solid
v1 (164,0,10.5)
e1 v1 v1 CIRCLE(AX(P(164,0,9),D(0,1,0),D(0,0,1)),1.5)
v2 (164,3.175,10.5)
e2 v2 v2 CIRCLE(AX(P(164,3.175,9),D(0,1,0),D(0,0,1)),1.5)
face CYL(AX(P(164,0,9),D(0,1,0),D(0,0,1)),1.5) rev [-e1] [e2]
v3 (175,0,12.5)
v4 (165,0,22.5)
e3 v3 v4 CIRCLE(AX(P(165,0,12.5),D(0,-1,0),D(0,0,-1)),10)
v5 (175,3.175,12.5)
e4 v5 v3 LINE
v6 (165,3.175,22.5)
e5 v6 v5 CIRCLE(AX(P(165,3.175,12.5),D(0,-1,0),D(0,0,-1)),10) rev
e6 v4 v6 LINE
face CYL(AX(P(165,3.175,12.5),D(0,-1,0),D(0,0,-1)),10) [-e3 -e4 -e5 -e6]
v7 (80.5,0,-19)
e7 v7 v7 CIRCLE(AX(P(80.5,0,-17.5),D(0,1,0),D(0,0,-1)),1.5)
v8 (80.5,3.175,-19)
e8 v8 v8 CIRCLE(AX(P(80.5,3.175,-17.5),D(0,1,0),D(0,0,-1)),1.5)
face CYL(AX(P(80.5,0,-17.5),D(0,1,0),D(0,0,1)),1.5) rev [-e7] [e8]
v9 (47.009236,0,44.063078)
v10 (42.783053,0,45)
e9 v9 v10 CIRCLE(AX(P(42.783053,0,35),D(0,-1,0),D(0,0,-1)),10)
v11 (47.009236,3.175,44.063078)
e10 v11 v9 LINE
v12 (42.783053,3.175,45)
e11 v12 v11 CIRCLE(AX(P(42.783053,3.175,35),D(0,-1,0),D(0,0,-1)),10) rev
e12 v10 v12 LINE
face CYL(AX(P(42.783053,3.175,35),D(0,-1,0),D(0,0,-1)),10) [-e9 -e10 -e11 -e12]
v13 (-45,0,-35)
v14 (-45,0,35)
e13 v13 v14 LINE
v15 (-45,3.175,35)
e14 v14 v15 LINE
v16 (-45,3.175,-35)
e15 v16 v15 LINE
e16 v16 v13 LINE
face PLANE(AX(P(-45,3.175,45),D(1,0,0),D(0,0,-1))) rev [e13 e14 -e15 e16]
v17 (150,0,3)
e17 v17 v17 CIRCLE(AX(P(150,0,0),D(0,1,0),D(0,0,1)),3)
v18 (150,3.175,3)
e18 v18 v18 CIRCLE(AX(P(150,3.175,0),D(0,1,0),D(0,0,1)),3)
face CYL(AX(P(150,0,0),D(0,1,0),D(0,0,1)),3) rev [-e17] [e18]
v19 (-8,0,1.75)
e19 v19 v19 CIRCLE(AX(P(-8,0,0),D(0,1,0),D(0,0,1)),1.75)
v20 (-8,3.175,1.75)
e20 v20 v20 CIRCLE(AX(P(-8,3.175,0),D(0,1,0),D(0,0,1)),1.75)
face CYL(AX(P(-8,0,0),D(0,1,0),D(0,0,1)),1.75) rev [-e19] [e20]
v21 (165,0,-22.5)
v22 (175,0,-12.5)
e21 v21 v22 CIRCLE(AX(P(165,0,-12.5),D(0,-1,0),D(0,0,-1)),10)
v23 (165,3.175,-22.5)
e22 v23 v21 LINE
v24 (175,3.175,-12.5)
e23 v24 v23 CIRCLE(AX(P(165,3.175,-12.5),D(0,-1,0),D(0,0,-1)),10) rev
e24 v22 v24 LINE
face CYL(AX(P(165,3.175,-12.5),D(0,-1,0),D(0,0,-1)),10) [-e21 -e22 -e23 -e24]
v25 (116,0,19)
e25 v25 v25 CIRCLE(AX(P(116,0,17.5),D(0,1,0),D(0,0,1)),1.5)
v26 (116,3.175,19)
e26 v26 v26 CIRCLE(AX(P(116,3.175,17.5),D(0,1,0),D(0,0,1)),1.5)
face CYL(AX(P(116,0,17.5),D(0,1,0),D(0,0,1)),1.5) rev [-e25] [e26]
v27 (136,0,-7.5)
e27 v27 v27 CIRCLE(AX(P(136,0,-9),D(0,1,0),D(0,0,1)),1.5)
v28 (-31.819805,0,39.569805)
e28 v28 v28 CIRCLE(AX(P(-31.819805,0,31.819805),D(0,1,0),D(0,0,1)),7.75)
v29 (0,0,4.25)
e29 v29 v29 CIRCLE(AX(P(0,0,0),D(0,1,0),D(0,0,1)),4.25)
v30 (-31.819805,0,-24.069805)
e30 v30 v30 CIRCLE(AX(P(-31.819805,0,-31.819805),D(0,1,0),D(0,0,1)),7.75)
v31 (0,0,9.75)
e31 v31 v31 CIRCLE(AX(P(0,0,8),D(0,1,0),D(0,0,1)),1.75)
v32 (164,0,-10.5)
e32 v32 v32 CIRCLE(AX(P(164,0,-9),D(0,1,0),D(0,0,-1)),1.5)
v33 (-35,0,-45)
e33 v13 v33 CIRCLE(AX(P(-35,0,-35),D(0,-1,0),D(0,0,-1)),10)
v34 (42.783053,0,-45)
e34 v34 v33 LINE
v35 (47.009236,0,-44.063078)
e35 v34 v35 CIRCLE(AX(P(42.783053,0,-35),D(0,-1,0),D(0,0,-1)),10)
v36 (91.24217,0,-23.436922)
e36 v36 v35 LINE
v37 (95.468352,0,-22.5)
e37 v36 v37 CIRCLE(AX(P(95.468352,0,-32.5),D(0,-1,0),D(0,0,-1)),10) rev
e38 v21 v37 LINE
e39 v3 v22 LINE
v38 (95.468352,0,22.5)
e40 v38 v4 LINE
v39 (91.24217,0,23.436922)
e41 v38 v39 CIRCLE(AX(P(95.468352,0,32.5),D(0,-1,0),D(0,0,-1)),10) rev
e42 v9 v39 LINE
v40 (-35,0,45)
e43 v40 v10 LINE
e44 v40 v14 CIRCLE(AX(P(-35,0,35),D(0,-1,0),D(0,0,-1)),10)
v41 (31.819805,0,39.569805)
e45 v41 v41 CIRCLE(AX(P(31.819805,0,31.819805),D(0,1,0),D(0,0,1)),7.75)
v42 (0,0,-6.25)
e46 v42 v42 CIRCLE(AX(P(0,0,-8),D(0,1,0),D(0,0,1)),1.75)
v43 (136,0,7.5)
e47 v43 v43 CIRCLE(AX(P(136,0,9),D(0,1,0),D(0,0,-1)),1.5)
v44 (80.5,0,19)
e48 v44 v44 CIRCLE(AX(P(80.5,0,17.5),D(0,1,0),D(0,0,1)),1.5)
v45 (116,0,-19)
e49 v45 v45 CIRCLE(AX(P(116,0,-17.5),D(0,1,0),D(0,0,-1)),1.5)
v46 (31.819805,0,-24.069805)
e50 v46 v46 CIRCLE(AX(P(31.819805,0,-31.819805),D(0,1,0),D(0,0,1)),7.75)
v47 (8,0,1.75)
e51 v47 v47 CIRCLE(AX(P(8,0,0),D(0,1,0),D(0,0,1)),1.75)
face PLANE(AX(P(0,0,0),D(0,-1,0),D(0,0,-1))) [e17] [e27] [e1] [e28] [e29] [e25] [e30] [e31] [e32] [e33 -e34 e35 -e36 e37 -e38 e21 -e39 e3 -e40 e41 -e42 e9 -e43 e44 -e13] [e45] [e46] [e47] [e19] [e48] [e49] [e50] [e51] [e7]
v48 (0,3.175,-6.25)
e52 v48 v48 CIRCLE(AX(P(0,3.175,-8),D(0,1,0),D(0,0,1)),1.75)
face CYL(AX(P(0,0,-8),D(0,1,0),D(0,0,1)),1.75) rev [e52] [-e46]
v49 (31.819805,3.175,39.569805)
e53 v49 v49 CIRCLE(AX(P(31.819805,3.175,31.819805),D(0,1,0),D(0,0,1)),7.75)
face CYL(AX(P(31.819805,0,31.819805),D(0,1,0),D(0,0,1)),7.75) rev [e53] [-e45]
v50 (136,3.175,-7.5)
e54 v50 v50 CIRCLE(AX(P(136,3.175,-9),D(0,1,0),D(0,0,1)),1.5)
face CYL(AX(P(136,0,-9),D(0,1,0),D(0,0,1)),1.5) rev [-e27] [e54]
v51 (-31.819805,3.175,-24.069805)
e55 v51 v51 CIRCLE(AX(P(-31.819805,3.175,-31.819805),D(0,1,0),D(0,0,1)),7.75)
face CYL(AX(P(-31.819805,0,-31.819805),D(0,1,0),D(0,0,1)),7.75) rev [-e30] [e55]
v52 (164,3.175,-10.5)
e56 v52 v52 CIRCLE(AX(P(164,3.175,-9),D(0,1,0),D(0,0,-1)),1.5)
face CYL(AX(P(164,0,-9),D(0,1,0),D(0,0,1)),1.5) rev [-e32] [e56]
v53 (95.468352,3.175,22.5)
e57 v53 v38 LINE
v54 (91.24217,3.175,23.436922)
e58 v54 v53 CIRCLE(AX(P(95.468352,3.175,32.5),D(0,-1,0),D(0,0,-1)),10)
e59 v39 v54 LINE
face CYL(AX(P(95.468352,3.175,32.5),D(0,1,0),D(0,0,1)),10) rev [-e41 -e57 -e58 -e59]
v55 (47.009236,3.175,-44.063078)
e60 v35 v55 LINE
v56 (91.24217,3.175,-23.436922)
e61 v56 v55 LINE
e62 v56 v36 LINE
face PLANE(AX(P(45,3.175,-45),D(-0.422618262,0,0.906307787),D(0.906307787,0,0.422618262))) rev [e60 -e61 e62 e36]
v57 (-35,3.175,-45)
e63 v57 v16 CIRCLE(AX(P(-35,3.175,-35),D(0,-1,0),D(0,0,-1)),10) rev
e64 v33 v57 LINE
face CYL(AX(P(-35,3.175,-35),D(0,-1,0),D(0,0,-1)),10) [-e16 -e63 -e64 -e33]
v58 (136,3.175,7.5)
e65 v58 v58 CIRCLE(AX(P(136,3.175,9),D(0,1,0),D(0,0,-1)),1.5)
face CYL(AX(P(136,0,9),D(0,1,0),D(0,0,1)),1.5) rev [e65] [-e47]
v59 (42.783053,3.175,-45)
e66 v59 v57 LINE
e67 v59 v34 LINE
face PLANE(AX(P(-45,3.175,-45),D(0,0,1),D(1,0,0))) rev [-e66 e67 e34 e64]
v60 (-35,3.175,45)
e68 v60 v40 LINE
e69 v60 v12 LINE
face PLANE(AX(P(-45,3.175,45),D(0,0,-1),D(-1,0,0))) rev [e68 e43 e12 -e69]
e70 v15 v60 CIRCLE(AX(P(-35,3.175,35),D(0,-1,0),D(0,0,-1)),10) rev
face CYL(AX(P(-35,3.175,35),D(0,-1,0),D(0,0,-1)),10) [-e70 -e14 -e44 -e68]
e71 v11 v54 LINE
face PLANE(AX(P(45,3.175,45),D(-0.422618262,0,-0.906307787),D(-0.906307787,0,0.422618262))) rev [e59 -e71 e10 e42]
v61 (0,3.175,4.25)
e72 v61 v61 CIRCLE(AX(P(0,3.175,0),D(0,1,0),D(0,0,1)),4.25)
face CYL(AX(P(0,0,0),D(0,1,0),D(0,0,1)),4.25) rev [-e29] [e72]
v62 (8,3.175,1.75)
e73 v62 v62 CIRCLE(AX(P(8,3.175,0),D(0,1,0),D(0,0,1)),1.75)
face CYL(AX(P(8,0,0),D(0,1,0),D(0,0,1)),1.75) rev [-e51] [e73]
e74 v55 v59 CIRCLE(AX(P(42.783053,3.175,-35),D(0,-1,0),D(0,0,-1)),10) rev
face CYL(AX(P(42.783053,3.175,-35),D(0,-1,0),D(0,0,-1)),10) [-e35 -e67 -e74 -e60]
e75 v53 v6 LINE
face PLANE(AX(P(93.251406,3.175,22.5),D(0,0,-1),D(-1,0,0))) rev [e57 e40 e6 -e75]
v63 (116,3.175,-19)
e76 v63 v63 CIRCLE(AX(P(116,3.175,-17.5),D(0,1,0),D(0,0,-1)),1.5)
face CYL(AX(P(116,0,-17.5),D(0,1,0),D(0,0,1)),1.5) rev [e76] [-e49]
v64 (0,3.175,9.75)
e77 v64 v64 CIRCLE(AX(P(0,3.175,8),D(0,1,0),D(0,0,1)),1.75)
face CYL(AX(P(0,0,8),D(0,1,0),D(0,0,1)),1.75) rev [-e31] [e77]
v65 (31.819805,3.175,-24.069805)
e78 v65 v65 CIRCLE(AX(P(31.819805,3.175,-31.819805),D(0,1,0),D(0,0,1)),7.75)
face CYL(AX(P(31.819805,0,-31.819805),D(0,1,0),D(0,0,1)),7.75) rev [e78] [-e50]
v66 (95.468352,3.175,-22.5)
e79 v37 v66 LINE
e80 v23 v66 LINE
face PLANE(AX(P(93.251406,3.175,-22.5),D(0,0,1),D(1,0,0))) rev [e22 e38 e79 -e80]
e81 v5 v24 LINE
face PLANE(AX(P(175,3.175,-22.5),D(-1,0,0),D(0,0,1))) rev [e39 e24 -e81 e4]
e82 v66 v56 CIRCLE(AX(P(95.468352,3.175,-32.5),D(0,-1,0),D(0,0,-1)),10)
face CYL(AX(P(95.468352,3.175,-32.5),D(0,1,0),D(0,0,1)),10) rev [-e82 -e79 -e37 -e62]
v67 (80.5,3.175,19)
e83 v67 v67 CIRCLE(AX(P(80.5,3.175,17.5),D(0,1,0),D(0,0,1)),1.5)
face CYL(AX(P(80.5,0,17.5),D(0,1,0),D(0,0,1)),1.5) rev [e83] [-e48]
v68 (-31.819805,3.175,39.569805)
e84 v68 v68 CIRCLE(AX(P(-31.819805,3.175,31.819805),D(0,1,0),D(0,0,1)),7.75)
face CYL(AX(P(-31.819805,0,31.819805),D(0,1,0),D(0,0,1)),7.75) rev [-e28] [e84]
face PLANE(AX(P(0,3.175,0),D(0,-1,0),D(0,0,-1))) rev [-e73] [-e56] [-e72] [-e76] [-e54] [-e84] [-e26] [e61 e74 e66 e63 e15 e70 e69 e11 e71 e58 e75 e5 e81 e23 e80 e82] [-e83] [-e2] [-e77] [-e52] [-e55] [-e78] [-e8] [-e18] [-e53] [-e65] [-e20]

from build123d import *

# Parameters (mm, degrees)
BOSS_EXTRUDE1_DEPTH = 3.175
SKETCH4_R           = 3
SKETCH4_R_2         = 1.5
CUT_EXTRUDE1_DEPTH  = 181.721002169
SKETCH5_R           = 4.25
CUT_EXTRUDE2_DEPTH  = 181.721002169
SKETCH10_R          = 1.5
CUT_EXTRUDE4_DEPTH  = 181.721002169
FILLET1_R           = 10
FILLET2_R           = 10
SKETCH11_R          = 7.75
CUT_EXTRUDE5_DEPTH  = 181.721002169
SKETCH13_R          = 1.75
CUT_EXTRUDE6_DEPTH  = 181.721002169


with BuildPart() as part:
    # Sketch1 → Boss-Extrude1 (new body)
    with BuildSketch(Plane(origin=(0, 0, 0), x_dir=(1, 0, 0), z_dir=(0, 1, 0))):
        Polygon((45, -45), (93.251405711, -22.5), (175, -22.5), (175, 22.5), (93.251405711, 22.5), (45, 45), (-45, 45), (-45, -45), align=None)
    extrude(amount=BOSS_EXTRUDE1_DEPTH)

    # Sketch4 → Cut-Extrude1 (cut, through all)
    with BuildSketch(Plane(origin=(0, 3.175, 0), x_dir=(1, 0, 0), z_dir=(0, 1, 0))):
        with Locations(Location((150, 0, 0), (0, 0, 270))):
            Circle(SKETCH4_R)
        with Locations(Location((136, 9, 0), (0, 0, 270))):
            Circle(SKETCH4_R_2)
        with Locations(Location((164, 9, 0), (0, 0, 90))):
            Circle(SKETCH4_R_2)
        with Locations(Location((164, -9, 0), (0, 0, 270))):
            Circle(SKETCH4_R_2)
        with Locations(Location((136, -9, 0), (0, 0, 90))):
            Circle(SKETCH4_R_2)
    extrude(amount=-CUT_EXTRUDE1_DEPTH, mode=Mode.SUBTRACT)

    # Sketch5 → Cut-Extrude2 (cut, through all)
    with BuildSketch(Plane(origin=(0, 3.175, 0), x_dir=(1, 0, 0), z_dir=(0, 1, 0))):
        with Locations(Location((0, 0, 0), (0, 0, 270))):
            Circle(SKETCH5_R)
    extrude(amount=-CUT_EXTRUDE2_DEPTH, mode=Mode.SUBTRACT)

    # Sketch10 → Cut-Extrude4 (cut, through all)
    with BuildSketch(Plane(origin=(0, 3.175, 0), x_dir=(1, 0, 0), z_dir=(0, 1, 0))):
        with Locations(Location((80.5, -17.5, 0), (0, 0, 270))):
            Circle(SKETCH10_R)
        with Locations(Location((116, -17.5, 0), (0, 0, 270))):
            Circle(SKETCH10_R)
        with Locations(Location((116, 17.5, 0), (0, 0, 90))):
            Circle(SKETCH10_R)
        with Locations(Location((80.5, 17.5, 0), (0, 0, 90))):
            Circle(SKETCH10_R)
    extrude(amount=-CUT_EXTRUDE4_DEPTH, mode=Mode.SUBTRACT)

    # Fillet1
    fillet1_edges = [part.edges().sort_by_distance(p)[0] for p in [
        (-45, 1.5875, 45),
        (-45, 1.5875, -45),
        (175, 1.5875, -22.5),
        (175, 1.5875, 22.5),
    ]]
    fillet(fillet1_edges, radius=FILLET1_R)

    # Fillet2
    fillet2_edges = [part.edges().sort_by_distance(p)[0] for p in [
        (93.251405711, 1.5875, 22.5),
        (45, 1.5875, 45),
        (45, 1.5875, -45),
        (93.251405711, 1.5875, -22.5),
    ]]
    fillet(fillet2_edges, radius=FILLET2_R)

    # Sketch11 → Cut-Extrude5 (cut, through all)
    with BuildSketch(Plane(origin=(0, 3.175, 0), x_dir=(1, 0, 0), z_dir=(0, 1, 0))):
        with Locations(Location((-31.819805153, 31.819805153, 0), (0, 0, 270))):
            Circle(SKETCH11_R)
        with Locations(Location((31.819805153, 31.819805153, 0), (0, 0, 270))):
            Circle(SKETCH11_R)
        with Locations(Location((31.819805153, -31.819805153, 0), (0, 0, 270))):
            Circle(SKETCH11_R)
        with Locations(Location((-31.819805153, -31.819805153, 0), (0, 0, 270))):
            Circle(SKETCH11_R)
    extrude(amount=-CUT_EXTRUDE5_DEPTH, mode=Mode.SUBTRACT)

    # Sketch13 → Cut-Extrude6 (cut, through all)
    with BuildSketch(Plane(origin=(0, 3.175, 0), x_dir=(1, 0, 0), z_dir=(0, 1, 0))):
        with Locations(Location((8, 0, 0), (0, 0, 270))):
            Circle(SKETCH13_R)
        with Locations(Location((0, -8, 0), (0, 0, 270))):
            Circle(SKETCH13_R)
        with Locations(Location((-8, 0, 0), (0, 0, 270))):
            Circle(SKETCH13_R)
        with Locations(Location((0, 8, 0), (0, 0, 270))):
            Circle(SKETCH13_R)
    extrude(amount=-CUT_EXTRUDE6_DEPTH, mode=Mode.SUBTRACT)


solid = part.part
